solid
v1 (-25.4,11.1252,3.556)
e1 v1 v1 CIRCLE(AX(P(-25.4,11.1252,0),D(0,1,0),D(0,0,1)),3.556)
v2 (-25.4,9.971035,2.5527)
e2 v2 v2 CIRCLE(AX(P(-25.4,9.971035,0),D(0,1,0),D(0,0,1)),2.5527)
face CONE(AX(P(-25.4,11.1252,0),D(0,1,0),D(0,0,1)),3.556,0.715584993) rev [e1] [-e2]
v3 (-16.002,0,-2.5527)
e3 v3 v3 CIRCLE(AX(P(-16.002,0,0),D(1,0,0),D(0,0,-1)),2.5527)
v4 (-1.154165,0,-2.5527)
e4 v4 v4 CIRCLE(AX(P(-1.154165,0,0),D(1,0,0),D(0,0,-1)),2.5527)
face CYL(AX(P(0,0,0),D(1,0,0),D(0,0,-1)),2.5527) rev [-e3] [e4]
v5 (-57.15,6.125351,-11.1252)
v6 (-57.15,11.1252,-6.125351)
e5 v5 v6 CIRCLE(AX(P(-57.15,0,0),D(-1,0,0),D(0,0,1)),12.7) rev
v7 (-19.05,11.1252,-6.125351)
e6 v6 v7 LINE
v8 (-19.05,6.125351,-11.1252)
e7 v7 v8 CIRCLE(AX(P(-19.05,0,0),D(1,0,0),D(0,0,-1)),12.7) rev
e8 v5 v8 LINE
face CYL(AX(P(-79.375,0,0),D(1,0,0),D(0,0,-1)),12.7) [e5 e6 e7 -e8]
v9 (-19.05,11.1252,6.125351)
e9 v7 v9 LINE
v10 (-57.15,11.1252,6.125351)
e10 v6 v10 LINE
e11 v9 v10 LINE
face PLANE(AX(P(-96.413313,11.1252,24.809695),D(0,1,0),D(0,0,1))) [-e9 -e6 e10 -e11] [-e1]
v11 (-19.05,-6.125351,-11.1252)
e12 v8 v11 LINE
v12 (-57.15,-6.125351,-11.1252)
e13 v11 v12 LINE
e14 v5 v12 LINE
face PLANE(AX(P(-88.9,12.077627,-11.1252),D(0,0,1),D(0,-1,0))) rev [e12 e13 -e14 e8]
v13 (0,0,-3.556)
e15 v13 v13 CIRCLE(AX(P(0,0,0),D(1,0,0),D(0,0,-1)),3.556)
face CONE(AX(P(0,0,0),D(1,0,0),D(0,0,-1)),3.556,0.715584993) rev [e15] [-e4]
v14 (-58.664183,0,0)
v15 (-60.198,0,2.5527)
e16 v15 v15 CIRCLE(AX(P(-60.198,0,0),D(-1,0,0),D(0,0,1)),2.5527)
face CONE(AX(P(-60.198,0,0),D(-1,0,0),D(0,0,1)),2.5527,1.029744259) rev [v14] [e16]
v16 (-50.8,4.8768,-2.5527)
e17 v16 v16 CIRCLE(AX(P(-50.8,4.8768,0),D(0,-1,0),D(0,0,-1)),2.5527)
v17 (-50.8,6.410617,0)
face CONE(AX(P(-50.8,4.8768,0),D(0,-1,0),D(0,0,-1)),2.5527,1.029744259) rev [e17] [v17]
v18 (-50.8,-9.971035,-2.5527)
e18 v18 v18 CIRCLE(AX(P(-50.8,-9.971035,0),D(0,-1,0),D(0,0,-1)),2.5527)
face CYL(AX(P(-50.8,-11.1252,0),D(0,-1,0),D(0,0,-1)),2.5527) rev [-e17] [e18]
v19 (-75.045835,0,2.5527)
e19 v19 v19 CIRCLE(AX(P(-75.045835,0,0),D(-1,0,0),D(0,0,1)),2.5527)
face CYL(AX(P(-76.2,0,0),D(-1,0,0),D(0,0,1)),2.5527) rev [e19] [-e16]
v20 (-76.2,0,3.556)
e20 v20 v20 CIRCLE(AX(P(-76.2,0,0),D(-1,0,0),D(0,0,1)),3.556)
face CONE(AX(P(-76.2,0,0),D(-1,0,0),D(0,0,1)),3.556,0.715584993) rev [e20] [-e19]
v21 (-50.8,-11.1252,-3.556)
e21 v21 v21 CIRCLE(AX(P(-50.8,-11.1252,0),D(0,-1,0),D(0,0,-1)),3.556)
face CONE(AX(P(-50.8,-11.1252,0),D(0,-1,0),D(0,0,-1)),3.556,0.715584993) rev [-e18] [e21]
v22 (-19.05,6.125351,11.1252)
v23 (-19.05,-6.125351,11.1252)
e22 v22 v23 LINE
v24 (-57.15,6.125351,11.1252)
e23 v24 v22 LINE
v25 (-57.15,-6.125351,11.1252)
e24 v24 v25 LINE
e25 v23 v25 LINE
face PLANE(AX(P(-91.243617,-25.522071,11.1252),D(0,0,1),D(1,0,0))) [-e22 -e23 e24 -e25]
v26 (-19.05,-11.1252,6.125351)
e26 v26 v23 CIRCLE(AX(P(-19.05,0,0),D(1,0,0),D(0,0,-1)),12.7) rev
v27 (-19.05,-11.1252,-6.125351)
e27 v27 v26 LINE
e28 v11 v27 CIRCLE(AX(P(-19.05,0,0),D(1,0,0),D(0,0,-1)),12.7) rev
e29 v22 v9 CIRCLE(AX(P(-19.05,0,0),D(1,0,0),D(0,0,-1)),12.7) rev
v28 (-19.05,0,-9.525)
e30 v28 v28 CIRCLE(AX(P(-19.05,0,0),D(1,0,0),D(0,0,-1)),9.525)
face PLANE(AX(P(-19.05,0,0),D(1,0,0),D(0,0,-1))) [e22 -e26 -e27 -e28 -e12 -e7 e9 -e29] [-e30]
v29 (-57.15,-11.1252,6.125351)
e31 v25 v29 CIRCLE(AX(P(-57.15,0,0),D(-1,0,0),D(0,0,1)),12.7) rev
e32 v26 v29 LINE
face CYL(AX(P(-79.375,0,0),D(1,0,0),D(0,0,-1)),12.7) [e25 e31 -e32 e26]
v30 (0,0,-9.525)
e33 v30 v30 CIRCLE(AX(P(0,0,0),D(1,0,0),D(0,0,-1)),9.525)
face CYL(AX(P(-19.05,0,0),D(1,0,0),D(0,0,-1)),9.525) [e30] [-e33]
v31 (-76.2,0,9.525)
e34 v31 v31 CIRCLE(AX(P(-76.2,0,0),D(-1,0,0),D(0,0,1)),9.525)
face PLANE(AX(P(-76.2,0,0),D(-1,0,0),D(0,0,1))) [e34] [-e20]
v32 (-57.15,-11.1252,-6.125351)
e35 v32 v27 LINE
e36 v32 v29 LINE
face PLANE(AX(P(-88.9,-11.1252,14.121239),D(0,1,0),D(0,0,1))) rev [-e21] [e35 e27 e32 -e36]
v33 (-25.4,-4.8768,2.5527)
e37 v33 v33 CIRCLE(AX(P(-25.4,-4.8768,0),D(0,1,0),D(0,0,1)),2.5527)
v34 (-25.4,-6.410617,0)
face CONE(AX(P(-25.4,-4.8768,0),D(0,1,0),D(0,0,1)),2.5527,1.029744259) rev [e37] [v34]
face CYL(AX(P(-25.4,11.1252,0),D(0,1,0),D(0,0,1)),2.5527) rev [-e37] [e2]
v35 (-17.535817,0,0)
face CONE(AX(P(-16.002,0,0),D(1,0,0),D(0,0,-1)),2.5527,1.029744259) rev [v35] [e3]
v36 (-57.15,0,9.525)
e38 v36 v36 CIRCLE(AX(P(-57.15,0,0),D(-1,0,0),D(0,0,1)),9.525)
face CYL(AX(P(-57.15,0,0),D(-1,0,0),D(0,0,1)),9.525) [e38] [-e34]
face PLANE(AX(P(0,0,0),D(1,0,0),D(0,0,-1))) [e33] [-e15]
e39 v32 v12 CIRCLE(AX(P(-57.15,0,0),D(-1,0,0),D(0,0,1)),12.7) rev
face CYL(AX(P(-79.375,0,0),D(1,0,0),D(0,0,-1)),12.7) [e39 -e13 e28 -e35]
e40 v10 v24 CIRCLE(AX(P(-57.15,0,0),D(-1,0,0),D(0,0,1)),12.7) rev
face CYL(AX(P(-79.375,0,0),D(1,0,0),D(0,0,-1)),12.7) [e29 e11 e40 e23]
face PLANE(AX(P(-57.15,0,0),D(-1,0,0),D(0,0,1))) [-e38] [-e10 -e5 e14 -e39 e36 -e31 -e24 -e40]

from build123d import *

# Parameters (mm, degrees)
SKETCH1_R                         = 12.7
BOSS_EXTRUDE1_DEPTH               = 79.375
SKETCH2_R                         = 21.293421543
SKETCH2_R_2                       = 9.525
CUT_EXTRUDE1_DEPTH                = 19.05
SKETCH3_W                         = 88.347660667
SKETCH3_H                         = 62.084650607
CUT_EXTRUDE2_DEPTH                = 7.62
SKETCH7_W                         = 118.824828897
SKETCH7_H                         = 51.847980611
CUT_EXTRUDE5_DEPTH                = 25.4
F_1_4_20_TAPPED_HOLE2_D           = 5.1054
F_1_4_20_TAPPED_HOLE2_DEPTH       = 16.002
F_1_4_20_TAPPED_HOLE2_CSINK_D     = 7.112
F_1_4_20_TAPPED_HOLE2_CSINK_ANGLE = 82
F_1_4_20_TAPPED_HOLE2_TIP         = 1.533816902
F_1_4_20_TAPPED_HOLE3_D           = 5.1054
F_1_4_20_TAPPED_HOLE3_DEPTH       = 16.002
F_1_4_20_TAPPED_HOLE3_CSINK_D     = 7.112
F_1_4_20_TAPPED_HOLE3_CSINK_ANGLE = 82
F_1_4_20_TAPPED_HOLE3_TIP         = 1.533816902
CUT_EXTRUDE10_DEPTH               = 88.9
SKETCH18_R                        = 21.68820387
CUT_EXTRUDE12_DEPTH               = 3.175
SKETCH30_R                        = 17.847306034
SKETCH30_R_2                      = 9.525
CUT_EXTRUDE13_DEPTH               = 19.05
F_1_4_20_TAPPED_HOLE6_D           = 5.1054
F_1_4_20_TAPPED_HOLE6_DEPTH       = 16.002
F_1_4_20_TAPPED_HOLE6_CSINK_D     = 7.112
F_1_4_20_TAPPED_HOLE6_CSINK_ANGLE = 82
F_1_4_20_TAPPED_HOLE6_TIP         = 1.533816902
F_1_4_20_TAPPED_HOLE7_D           = 5.1054
F_1_4_20_TAPPED_HOLE7_DEPTH       = 16.002
F_1_4_20_TAPPED_HOLE7_CSINK_D     = 7.112
F_1_4_20_TAPPED_HOLE7_CSINK_ANGLE = 82
F_1_4_20_TAPPED_HOLE7_TIP         = 1.533816902


with BuildPart() as part:
    # Sketch1 → Boss-Extrude1 (new body)
    with BuildSketch(Plane(origin=(0, 0, 0), x_dir=(0, 0, -1), z_dir=(1, 0, 0))):
        Circle(SKETCH1_R)
    extrude(amount=-BOSS_EXTRUDE1_DEPTH)

    # Sketch2 → Cut-Extrude1 (cut)
    with BuildSketch(Plane(origin=(0, 0, 0), x_dir=(0, 0, -1), z_dir=(1, 0, 0))):
        Circle(SKETCH2_R)
        Circle(SKETCH2_R_2, mode=Mode.SUBTRACT)
    extrude(amount=-CUT_EXTRUDE1_DEPTH, mode=Mode.SUBTRACT)

    # Sketch3 → Cut-Extrude2 (cut)
    with BuildSketch(Plane(origin=(0, 12.401228443, 11.1252), x_dir=(1, 0, 0), z_dir=(0, 0, 1))):
        with Locations((-47.069787049, -6.880973923)):
            Rectangle(SKETCH3_W, SKETCH3_H)
    extrude(amount=CUT_EXTRUDE2_DEPTH, mode=Mode.SUBTRACT)

    # Sketch7 → Cut-Extrude5 (cut)
    with BuildSketch(Plane(origin=(0, 11.1252, 0), x_dir=(-1, 0, 0), z_dir=(0, 1, 0))):
        with Locations((37.000899043, -1.114295637)):
            Rectangle(SKETCH7_W, SKETCH7_H)
    extrude(amount=CUT_EXTRUDE5_DEPTH, mode=Mode.SUBTRACT)

    # 1/4-20 Tapped Hole2
    with Locations(Plane(origin=(0, 11.1252, 0), x_dir=(-1, 0, 0), z_dir=(0, 1, 0))):
        with Locations((25.4, 0)):
            CounterSinkHole(F_1_4_20_TAPPED_HOLE2_D / 2, F_1_4_20_TAPPED_HOLE2_CSINK_D / 2, depth=F_1_4_20_TAPPED_HOLE2_DEPTH, counter_sink_angle=F_1_4_20_TAPPED_HOLE2_CSINK_ANGLE)
            with Locations((0, 0, -(F_1_4_20_TAPPED_HOLE2_DEPTH + F_1_4_20_TAPPED_HOLE2_TIP / 2))):  # 118° drill point
                Cone(0, F_1_4_20_TAPPED_HOLE2_D / 2, F_1_4_20_TAPPED_HOLE2_TIP, mode=Mode.SUBTRACT)

    # 1/4-20 Tapped Hole3
    with Locations(Plane(origin=(0, 0, 0), x_dir=(0, 0, -1), z_dir=(1, 0, 0))):
        with Locations((0, 0)):
            CounterSinkHole(F_1_4_20_TAPPED_HOLE3_D / 2, F_1_4_20_TAPPED_HOLE3_CSINK_D / 2, depth=F_1_4_20_TAPPED_HOLE3_DEPTH, counter_sink_angle=F_1_4_20_TAPPED_HOLE3_CSINK_ANGLE)
            with Locations((0, 0, -(F_1_4_20_TAPPED_HOLE3_DEPTH + F_1_4_20_TAPPED_HOLE3_TIP / 2))):  # 118° drill point
                Cone(0, F_1_4_20_TAPPED_HOLE3_D / 2, F_1_4_20_TAPPED_HOLE3_TIP, mode=Mode.SUBTRACT)

    # Sketch26 → Cut-Extrude10 (cut)
    with BuildSketch(Plane(origin=(0, 0, 0), x_dir=(0, 0, -1), z_dir=(1, 0, 0))):
        Polygon((-14.121239211, -11.1252), (11.1252, -11.1252), (11.1252, 12.077626787), (19.494279453, 12.077626787), (19.494279453, -11.628277338), (15.190001849, -11.628277338), (15.190001849, -15.796314113), (-14.121239211, -15.796314113), align=None)
    extrude(amount=-CUT_EXTRUDE10_DEPTH, mode=Mode.SUBTRACT)

    # Sketch18 → Cut-Extrude12 (cut)
    with BuildSketch(Plane.ZY.offset(79.375)):
        Circle(SKETCH18_R)
    extrude(amount=-CUT_EXTRUDE12_DEPTH, mode=Mode.SUBTRACT)

    # Sketch30 → Cut-Extrude13 (cut)
    with BuildSketch(Plane.ZY.offset(76.2)):
        Circle(SKETCH30_R)
        Circle(SKETCH30_R_2, mode=Mode.SUBTRACT)
    extrude(amount=-CUT_EXTRUDE13_DEPTH, mode=Mode.SUBTRACT)

    # 1/4-20 Tapped Hole6
    with Locations(Plane.ZY.offset(76.2)):
        with Locations((0, 0)):
            CounterSinkHole(F_1_4_20_TAPPED_HOLE6_D / 2, F_1_4_20_TAPPED_HOLE6_CSINK_D / 2, depth=F_1_4_20_TAPPED_HOLE6_DEPTH, counter_sink_angle=F_1_4_20_TAPPED_HOLE6_CSINK_ANGLE)
            with Locations((0, 0, -(F_1_4_20_TAPPED_HOLE6_DEPTH + F_1_4_20_TAPPED_HOLE6_TIP / 2))):  # 118° drill point
                Cone(0, F_1_4_20_TAPPED_HOLE6_D / 2, F_1_4_20_TAPPED_HOLE6_TIP, mode=Mode.SUBTRACT)

    # 1/4-20 Tapped Hole7
    with Locations(Plane.XZ.offset(11.1252)):
        with Locations((-50.8, 0)):
            CounterSinkHole(F_1_4_20_TAPPED_HOLE7_D / 2, F_1_4_20_TAPPED_HOLE7_CSINK_D / 2, depth=F_1_4_20_TAPPED_HOLE7_DEPTH, counter_sink_angle=F_1_4_20_TAPPED_HOLE7_CSINK_ANGLE)
            with Locations((0, 0, -(F_1_4_20_TAPPED_HOLE7_DEPTH + F_1_4_20_TAPPED_HOLE7_TIP / 2))):  # 118° drill point
                Cone(0, F_1_4_20_TAPPED_HOLE7_D / 2, F_1_4_20_TAPPED_HOLE7_TIP, mode=Mode.SUBTRACT)


solid = part.part
